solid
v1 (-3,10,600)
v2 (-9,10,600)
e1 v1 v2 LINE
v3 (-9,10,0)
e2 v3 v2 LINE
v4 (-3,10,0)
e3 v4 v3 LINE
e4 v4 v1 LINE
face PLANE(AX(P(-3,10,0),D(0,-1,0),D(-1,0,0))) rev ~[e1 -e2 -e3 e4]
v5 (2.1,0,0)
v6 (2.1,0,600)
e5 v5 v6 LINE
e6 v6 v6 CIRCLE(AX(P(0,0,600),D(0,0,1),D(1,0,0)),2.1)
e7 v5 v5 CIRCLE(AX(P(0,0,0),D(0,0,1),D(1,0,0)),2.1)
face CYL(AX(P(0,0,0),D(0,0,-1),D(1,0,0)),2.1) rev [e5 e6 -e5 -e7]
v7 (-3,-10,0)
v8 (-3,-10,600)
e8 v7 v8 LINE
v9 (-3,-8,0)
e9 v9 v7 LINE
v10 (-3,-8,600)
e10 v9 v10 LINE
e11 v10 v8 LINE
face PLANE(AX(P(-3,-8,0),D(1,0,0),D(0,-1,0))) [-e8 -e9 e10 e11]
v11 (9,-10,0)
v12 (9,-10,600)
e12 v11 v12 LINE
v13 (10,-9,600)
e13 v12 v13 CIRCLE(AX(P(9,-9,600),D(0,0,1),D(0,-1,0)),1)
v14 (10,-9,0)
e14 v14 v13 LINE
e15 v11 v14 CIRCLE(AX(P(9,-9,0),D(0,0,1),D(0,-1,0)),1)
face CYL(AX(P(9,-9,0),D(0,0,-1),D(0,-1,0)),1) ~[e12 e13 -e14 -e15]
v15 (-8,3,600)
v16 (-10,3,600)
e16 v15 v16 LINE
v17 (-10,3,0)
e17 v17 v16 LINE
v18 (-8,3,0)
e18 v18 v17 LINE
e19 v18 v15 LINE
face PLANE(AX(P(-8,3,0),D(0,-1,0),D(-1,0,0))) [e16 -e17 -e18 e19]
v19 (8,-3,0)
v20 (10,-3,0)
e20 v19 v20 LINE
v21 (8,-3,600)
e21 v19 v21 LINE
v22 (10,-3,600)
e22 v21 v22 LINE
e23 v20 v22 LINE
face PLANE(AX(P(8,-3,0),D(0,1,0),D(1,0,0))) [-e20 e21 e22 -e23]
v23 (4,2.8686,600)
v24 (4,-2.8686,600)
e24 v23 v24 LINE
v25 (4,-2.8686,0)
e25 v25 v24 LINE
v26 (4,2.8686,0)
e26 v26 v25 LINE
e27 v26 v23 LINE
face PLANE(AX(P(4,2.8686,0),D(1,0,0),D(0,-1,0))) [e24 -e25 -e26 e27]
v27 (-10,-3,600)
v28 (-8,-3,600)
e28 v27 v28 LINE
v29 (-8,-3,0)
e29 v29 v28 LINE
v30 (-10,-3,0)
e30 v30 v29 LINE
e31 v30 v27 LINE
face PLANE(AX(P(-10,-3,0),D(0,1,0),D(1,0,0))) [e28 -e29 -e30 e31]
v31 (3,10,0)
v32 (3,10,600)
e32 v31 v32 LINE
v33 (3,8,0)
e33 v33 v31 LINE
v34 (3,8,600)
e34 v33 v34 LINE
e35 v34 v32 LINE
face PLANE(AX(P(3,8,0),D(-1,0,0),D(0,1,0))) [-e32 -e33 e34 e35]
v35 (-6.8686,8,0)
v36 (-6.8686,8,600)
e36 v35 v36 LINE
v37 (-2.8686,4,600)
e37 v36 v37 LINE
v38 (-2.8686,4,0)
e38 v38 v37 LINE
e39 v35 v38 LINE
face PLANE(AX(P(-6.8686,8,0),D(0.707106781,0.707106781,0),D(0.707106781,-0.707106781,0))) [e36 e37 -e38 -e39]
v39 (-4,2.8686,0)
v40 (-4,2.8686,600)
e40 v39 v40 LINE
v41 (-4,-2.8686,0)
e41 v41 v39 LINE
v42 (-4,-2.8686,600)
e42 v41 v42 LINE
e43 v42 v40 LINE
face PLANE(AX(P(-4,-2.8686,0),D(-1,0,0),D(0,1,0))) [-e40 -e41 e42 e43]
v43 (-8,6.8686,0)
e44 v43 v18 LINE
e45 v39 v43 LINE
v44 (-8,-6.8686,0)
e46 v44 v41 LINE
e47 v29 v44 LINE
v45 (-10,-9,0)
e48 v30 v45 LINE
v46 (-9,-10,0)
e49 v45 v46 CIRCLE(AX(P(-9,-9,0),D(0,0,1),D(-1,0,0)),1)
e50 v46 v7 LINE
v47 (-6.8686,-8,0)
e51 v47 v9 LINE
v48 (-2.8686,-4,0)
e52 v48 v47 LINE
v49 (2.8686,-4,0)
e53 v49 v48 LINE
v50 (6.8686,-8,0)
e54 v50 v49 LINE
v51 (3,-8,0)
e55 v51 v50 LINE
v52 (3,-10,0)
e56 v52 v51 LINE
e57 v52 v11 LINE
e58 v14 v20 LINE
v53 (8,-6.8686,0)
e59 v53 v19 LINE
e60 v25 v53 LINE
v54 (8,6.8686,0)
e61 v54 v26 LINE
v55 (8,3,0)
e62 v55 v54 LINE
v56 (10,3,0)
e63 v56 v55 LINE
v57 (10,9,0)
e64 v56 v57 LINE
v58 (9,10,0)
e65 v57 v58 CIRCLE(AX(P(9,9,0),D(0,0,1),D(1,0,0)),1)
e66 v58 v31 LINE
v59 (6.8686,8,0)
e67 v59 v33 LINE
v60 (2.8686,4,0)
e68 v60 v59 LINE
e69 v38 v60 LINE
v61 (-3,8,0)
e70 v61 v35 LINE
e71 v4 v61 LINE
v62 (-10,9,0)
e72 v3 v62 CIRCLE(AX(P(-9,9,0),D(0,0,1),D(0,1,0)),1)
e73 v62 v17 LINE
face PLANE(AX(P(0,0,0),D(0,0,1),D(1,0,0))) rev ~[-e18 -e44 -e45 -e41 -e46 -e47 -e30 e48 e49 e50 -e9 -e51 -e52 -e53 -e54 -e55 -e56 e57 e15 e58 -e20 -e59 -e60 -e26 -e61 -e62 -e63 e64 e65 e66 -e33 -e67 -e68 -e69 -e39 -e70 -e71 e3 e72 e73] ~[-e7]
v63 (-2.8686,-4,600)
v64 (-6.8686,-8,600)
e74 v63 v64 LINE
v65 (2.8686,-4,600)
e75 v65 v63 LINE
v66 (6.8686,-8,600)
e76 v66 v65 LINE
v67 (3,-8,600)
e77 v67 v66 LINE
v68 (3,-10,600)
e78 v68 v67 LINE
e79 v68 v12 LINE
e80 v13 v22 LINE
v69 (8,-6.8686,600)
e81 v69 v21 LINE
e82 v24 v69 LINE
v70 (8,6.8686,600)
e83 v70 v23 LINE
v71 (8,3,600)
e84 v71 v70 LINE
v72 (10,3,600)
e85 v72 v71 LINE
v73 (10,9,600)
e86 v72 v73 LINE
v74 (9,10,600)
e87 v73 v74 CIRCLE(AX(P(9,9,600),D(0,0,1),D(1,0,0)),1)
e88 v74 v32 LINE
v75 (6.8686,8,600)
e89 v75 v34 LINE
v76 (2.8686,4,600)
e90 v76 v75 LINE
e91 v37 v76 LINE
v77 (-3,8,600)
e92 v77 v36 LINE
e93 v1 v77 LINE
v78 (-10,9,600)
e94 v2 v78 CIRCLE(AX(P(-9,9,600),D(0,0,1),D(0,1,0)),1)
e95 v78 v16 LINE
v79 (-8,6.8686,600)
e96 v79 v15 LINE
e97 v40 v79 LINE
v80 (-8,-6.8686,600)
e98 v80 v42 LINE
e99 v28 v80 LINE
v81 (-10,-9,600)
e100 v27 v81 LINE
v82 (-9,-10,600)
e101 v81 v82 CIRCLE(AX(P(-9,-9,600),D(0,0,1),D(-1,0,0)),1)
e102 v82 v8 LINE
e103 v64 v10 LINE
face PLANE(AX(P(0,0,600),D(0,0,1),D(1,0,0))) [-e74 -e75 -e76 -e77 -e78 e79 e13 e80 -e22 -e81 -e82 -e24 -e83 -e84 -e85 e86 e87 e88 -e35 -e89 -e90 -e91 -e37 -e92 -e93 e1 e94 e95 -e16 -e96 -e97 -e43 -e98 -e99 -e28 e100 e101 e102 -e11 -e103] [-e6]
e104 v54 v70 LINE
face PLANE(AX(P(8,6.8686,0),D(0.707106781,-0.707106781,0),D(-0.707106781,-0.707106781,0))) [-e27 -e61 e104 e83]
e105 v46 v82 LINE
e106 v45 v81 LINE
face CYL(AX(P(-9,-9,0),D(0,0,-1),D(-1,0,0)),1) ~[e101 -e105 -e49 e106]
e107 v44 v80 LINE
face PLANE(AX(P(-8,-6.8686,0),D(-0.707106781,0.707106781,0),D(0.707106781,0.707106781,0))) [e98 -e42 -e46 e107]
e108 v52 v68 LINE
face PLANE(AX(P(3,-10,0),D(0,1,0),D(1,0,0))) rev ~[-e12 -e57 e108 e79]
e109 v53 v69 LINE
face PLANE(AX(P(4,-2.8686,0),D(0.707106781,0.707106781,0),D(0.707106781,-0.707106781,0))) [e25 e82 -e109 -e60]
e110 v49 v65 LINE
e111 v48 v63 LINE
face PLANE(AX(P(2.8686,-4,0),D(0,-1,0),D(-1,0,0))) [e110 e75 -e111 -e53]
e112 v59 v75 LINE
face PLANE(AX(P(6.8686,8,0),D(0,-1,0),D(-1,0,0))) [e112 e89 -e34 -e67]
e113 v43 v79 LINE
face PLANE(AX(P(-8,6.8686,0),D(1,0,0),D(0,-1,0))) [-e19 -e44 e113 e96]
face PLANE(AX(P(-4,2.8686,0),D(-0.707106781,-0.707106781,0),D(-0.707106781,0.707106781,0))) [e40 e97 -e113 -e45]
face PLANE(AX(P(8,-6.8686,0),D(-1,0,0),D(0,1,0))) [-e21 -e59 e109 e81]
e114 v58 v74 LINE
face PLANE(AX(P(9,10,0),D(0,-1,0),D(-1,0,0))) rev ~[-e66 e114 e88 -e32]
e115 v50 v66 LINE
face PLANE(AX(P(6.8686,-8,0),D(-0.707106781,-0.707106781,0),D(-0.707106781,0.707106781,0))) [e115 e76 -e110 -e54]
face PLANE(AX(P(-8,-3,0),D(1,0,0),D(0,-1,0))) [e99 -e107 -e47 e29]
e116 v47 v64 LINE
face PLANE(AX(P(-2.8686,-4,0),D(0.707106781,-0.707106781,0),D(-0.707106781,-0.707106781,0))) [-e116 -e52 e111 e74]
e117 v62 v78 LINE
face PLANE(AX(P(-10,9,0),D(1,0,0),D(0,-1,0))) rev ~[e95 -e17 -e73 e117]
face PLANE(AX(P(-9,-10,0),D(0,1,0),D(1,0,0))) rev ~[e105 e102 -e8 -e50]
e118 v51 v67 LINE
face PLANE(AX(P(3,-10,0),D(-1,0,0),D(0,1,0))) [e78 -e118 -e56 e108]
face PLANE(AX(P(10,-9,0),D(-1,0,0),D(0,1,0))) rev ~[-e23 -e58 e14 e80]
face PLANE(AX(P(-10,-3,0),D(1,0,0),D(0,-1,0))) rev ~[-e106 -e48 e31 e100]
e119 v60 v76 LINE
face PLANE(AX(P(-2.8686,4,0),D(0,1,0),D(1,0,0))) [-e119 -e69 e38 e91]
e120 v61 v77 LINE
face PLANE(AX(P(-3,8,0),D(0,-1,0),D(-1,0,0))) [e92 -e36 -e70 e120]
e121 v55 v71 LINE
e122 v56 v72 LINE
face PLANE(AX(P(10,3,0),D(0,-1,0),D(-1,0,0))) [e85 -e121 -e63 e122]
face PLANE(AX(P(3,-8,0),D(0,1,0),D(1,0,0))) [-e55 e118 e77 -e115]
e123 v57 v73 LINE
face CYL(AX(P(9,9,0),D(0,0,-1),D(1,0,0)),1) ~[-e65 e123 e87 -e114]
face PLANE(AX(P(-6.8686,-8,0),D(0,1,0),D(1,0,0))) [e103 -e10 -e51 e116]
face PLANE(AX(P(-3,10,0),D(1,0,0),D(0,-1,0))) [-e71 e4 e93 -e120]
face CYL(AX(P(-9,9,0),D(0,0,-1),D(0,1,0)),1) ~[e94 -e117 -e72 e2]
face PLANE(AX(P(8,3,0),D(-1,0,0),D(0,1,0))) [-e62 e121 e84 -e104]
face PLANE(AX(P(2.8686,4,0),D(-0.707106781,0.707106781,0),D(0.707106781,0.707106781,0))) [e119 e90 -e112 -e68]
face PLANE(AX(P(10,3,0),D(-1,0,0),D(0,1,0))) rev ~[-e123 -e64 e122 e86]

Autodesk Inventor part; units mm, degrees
ref_plane "YZ Plane" through (0, 0, 0) normal (1, 0, 0) x (0, 1, 0)
ref_plane "XZ Plane" through (0, 0, 0) normal (0, 1, 0) x (-1, 0, 0)
ref_plane "XY Plane" through (0, 0, 0) normal (0, 0, 1) x (1, 0, 0)
sketch "スケッチ1" plane through (0, 0, 0) normal (0, 0, 1) x (1, 0, 0)
  line L0 (-10, -10) -> (10, 10) construction
  line L1 (10, -10) -> (-10, 10) construction
  line L2 (10, 3) -> (8, 3)
  line L3 (8, 3) -> (8, 6.8686)
  line L4 (8, 6.8686) -> (4, 2.8686)
  line L5 (4, 2.8686) -> (4, -2.8686)
  line L6 (4, -2.8686) -> (8, -6.8686)
  line L7 (8, -6.8686) -> (8, -3)
  line L8 (8, -3) -> (10, -3)
  line L9 (-10, 0) -> (10, 0) construction
  line L10 (-3, 10) -> (-3, 8)
  line L11 (-3, 8) -> (-6.8686, 8)
  line L12 (-6.8686, 8) -> (-2.8686, 4)
  line L13 (-2.8686, 4) -> (2.8686, 4)
  line L14 (3, 8) -> (3, 10)
  line L15 (2.8686, 4) -> (6.8686, 8)
  line L16 (6.8686, 8) -> (3, 8)
  line L17 (-10, -3) -> (-8, -3)
  line L18 (-8, -3) -> (-8, -6.8686)
  line L19 (-8, -6.8686) -> (-4, -2.8686)
  line L20 (-4, -2.8686) -> (-4, 2.8686)
  line L21 (-8, 3) -> (-10, 3)
  line L22 (-4, 2.8686) -> (-8, 6.8686)
  line L23 (-8, 6.8686) -> (-8, 3)
  line L24 (3, -10) -> (3, -8)
  line L25 (3, -8) -> (6.8686, -8)
  line L26 (6.8686, -8) -> (2.8686, -4)
  line L27 (2.8686, -4) -> (-2.8686, -4)
  line L28 (-3, -8) -> (-3, -10)
  line L29 (-2.8686, -4) -> (-6.8686, -8)
  line L30 (-6.8686, -8) -> (-3, -8)
  line L31 (9, 10) -> (3, 10)
  line L32 (-3, 10) -> (-9, 10)
  line L33 (-10, 9) -> (-10, 3)
  line L34 (-10, -3) -> (-10, -9)
  line L35 (-9, -10) -> (-3, -10)
  line L36 (3, -10) -> (9, -10)
  line L37 (10, -9) -> (10, -3)
  line L38 (10, 3) -> (10, 9)
  circle A0 centre (0, 0) radius 2.1
  arc A1 (-9, 10) -> (-10, 9) centre (-9, 9) ccw
  arc A2 (-10, -9) -> (-9, -10) centre (-9, -9) ccw
  arc A3 (9, -10) -> (10, -9) centre (9, -9) ccw
  arc A4 (10, 9) -> (9, 10) centre (9, 9) ccw
  point P0 (0, 10)
  point P1 (-10, 0)
  point P2 (0, -10)
  dimension "d0" = 2
  dimension "d1" = 6
  dimension "d2" = 4
  dimension "d3" = 0.8
  dimension "d9" = 20
  dimension "d10" = 4.2
  dimension "d11" = 1
extrude "押し出し1" add sketch "スケッチ1" along normal blind 600
properties part number "高剛性フレーム"
